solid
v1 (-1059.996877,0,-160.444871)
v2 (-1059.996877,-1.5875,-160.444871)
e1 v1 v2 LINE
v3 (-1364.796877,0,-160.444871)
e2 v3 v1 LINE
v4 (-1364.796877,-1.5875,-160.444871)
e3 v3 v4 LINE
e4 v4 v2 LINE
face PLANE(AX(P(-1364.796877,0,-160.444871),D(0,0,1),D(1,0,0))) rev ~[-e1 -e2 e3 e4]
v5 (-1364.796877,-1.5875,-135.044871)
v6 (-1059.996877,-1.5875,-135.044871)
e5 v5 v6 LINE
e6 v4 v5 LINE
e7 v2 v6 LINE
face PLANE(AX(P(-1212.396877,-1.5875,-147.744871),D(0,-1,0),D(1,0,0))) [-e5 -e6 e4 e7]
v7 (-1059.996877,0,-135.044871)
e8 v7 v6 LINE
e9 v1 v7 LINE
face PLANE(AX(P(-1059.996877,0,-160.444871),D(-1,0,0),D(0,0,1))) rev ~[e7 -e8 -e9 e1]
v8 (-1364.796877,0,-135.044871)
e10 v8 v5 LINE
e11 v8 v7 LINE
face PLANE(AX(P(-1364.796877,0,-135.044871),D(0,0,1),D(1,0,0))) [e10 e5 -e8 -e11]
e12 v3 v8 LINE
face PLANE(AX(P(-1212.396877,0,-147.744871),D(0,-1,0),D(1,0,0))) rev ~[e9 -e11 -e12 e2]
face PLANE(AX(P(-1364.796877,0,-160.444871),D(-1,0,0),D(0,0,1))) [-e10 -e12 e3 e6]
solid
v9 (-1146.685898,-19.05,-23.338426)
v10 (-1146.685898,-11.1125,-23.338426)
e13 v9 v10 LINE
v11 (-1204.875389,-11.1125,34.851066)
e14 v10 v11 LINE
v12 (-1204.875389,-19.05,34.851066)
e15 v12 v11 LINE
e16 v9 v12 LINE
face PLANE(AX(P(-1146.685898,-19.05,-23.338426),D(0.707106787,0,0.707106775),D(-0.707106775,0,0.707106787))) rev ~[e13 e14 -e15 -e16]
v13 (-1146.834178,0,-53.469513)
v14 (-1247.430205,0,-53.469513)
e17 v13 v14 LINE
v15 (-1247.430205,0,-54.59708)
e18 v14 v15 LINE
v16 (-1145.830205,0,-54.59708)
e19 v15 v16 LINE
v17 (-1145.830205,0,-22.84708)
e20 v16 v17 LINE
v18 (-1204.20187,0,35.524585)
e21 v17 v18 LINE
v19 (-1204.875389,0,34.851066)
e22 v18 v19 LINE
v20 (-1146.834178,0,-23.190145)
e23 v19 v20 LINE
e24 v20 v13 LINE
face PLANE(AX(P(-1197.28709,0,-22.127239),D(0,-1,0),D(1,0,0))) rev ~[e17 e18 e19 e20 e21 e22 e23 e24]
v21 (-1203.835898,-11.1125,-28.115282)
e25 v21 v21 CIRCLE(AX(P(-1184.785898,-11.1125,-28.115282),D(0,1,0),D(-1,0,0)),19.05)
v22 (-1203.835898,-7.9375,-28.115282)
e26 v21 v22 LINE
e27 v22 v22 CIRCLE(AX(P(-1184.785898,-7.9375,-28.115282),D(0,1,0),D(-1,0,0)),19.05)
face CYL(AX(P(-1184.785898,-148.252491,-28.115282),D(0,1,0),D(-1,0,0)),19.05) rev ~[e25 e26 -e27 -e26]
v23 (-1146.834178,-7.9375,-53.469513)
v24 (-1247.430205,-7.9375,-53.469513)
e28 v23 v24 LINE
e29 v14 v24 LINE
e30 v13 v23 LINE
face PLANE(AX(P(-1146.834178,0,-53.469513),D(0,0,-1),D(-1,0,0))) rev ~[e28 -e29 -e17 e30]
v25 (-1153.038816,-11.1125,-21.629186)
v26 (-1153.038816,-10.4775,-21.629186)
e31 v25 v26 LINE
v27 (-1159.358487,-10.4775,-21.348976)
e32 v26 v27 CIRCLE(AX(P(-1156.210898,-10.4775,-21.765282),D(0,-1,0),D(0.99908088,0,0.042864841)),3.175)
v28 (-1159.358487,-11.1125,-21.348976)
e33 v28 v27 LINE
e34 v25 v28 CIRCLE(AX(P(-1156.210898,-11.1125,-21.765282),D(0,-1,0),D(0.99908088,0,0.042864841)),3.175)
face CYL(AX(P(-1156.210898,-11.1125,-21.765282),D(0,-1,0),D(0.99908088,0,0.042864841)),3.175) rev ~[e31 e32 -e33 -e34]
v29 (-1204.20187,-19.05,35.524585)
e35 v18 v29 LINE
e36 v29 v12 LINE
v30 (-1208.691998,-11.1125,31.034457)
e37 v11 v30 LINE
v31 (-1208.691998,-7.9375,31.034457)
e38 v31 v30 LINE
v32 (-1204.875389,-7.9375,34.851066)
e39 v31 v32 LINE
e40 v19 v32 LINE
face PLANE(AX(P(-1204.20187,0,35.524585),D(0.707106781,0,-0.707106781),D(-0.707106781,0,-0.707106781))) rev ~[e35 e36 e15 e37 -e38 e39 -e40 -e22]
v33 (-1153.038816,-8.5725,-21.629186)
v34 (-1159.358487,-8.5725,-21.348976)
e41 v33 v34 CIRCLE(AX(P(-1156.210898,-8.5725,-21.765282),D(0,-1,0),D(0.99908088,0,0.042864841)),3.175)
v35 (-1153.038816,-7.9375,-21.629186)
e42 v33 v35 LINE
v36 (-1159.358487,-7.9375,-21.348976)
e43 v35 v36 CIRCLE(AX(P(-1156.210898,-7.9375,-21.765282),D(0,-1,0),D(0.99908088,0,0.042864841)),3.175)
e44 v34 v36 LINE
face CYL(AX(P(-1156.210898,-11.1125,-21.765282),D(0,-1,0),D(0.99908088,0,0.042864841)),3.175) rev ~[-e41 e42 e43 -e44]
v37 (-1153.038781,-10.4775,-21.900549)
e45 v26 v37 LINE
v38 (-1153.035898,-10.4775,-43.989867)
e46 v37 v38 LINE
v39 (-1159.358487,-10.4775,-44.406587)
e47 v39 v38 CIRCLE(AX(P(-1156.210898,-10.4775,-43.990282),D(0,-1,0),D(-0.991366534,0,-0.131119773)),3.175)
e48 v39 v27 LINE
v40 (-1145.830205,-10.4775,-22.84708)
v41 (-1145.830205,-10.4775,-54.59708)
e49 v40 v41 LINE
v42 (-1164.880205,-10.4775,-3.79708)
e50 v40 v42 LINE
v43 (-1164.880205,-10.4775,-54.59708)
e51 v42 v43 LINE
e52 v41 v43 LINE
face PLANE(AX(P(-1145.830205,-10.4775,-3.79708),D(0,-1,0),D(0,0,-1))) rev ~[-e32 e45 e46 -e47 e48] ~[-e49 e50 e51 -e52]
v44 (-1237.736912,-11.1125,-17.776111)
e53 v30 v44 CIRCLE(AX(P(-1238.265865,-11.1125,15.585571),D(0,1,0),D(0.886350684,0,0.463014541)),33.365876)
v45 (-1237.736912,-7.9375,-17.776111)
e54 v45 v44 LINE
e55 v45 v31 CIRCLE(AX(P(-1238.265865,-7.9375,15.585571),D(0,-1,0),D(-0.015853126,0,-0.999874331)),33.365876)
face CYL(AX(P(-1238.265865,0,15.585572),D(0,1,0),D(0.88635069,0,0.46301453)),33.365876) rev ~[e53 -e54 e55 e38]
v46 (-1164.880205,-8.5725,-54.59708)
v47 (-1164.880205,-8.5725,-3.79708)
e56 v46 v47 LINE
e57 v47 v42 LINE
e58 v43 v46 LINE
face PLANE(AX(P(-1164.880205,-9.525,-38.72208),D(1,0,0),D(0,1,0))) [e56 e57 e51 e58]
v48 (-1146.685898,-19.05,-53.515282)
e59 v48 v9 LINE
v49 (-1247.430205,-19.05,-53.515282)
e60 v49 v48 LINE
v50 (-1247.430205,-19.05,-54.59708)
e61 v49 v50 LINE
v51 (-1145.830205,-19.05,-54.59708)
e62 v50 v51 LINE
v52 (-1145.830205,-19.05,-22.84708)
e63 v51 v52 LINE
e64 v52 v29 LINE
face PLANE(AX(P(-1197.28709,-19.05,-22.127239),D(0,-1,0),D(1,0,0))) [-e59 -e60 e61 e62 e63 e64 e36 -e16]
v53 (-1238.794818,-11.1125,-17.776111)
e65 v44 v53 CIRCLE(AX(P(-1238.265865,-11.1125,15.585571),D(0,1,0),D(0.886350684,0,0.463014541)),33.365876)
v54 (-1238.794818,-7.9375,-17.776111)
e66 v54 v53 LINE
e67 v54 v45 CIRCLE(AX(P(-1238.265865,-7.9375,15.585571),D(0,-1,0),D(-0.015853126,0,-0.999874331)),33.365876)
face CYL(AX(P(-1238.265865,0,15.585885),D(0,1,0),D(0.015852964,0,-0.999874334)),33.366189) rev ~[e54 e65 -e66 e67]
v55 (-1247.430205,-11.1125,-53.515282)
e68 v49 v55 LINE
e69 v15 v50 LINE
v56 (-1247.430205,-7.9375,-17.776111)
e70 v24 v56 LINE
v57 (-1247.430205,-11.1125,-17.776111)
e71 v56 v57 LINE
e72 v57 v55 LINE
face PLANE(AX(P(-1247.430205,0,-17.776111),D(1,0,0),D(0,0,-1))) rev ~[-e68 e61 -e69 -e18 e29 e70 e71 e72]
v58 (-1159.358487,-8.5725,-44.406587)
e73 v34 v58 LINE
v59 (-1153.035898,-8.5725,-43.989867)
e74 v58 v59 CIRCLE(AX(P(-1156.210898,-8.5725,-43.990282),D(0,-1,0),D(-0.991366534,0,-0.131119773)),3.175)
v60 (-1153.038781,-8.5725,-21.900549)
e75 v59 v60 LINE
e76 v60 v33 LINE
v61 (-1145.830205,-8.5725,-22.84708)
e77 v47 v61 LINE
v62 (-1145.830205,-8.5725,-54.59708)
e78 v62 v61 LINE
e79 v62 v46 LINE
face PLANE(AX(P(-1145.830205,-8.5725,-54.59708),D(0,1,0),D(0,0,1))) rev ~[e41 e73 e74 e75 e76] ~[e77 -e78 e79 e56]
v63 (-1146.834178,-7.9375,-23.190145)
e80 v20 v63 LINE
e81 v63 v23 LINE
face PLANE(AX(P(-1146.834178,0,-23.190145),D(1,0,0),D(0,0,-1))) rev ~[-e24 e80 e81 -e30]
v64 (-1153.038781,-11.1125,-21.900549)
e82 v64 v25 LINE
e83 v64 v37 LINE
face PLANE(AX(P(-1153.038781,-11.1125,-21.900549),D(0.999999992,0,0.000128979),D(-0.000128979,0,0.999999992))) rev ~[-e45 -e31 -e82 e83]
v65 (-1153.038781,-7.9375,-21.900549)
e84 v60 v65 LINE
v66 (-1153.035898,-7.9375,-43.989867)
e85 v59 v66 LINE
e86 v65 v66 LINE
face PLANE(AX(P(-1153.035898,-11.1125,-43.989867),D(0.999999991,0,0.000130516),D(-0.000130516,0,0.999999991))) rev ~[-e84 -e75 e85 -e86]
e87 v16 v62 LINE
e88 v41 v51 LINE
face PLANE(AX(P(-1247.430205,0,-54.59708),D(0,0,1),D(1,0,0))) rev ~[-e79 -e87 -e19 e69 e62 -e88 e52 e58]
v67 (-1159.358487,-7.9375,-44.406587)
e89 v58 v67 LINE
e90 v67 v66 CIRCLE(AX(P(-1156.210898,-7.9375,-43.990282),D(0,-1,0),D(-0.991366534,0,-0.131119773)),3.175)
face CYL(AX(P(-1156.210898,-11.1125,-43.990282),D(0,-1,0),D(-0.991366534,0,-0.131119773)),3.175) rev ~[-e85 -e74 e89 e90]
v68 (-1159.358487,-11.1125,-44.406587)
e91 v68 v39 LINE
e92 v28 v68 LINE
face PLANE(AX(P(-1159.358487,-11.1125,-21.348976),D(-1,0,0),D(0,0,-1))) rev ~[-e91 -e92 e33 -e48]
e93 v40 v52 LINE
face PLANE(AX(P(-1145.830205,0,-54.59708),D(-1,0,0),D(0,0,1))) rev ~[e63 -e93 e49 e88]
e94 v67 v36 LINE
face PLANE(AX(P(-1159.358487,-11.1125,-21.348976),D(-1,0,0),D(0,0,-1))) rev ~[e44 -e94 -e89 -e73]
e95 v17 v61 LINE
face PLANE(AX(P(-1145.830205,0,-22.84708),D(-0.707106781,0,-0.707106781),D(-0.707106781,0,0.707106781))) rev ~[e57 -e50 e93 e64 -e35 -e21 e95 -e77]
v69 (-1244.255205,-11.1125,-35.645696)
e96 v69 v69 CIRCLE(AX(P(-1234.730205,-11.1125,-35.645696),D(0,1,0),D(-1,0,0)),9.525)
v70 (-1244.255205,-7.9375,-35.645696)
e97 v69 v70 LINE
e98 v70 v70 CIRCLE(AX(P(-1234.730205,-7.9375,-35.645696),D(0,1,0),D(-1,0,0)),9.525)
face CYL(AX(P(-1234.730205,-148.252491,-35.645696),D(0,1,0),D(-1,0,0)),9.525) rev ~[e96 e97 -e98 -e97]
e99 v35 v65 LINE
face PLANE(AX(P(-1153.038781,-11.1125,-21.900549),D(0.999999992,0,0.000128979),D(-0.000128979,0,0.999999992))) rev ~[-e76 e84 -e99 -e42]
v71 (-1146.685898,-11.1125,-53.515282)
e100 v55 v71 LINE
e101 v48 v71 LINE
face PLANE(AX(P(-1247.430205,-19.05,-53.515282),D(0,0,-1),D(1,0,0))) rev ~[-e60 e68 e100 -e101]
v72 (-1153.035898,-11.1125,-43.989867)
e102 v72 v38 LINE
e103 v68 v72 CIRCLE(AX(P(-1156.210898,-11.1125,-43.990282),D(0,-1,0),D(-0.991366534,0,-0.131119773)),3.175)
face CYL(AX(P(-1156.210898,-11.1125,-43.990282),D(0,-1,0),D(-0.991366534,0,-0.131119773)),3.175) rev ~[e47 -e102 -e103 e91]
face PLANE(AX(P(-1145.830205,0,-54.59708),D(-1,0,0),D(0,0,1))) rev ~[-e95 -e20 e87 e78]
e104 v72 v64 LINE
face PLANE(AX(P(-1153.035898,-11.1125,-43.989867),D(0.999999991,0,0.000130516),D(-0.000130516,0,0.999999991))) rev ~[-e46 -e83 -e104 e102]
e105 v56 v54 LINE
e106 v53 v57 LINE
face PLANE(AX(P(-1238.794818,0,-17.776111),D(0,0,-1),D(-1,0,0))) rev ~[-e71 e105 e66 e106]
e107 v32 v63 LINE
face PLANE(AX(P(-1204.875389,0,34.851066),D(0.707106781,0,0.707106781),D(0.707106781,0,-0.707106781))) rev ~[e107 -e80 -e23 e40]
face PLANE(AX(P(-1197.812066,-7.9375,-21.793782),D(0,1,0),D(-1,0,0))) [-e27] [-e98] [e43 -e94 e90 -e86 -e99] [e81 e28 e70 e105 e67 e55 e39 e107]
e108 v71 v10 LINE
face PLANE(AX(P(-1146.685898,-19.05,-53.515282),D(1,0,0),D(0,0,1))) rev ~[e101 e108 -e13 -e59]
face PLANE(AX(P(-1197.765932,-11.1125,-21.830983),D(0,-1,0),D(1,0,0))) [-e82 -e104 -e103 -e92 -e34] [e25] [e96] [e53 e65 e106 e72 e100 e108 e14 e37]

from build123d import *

# Parameters (mm, degrees)
F0_W      = 304.8
F0_H      = 25.4
F1_DEPTH  = 1.5875
F3_DEPTH  = 19.05
F5_DEPTH  = 7.9375
F8_DEPTH  = 7.9375
F9_D      = 38.1
F11_D     = 19.05
F13_DEPTH = 11.1135
F15_DEPTH = 19.05


with BuildPart() as f1:
    # F0 (on Front) → F1 (new body)
    with BuildSketch(Plane.XZ):
        with Locations((-1212.396877, -147.744871)):
            Rectangle(F0_W, F0_H)
    extrude(amount=F1_DEPTH)


with BuildPart() as f3:
    # F2 (on Front) → F3 (new body)
    with BuildSketch(Plane.XZ):
        with BuildLine():
            Line((-1202.980205, -54.59708), (-1145.830205, -54.59708))
            Line((-1145.830205, -54.59708), (-1145.830205, -22.84708))
            Line((-1145.830205, -22.84708), (-1204.20187, 35.524585))
            Line((-1204.20187, 35.524585), (-1208.691998, 31.034457))
            ThreePointArc((-1208.691998, 31.034457), (-1209.592483, -1.476633), (-1237.736912, -17.776111))
            ThreePointArc((-1237.736912, -17.776111), (-1238.265865, -17.780304), (-1238.794818, -17.776111))
            Line((-1238.794818, -17.776111), (-1247.430205, -17.776111))
            Line((-1247.430205, -17.776111), (-1247.430205, -54.59708))
            Line((-1247.430205, -54.59708), (-1202.980205, -54.59708))
        make_face()
    extrude(amount=F3_DEPTH)

    # F4 (on face) → F5 (cut)
    with BuildSketch(Plane.XZ.offset(19.05)):
        with BuildLine():
            Line((-1146.685898, -23.338426), (-1204.875389, 34.851066))
            Line((-1204.875389, 34.851066), (-1208.691998, 31.034457))
            ThreePointArc((-1208.691998, 31.034457), (-1209.866575, -1.929051), (-1238.794818, -17.776111))
            Line((-1238.794818, -17.776111), (-1247.430205, -17.776111))
            Line((-1247.430205, -17.776111), (-1247.430205, -53.515282))
            Line((-1247.430205, -53.515282), (-1245.987415, -53.515282))
            Line((-1245.987415, -53.515282), (-1146.685898, -53.515282))
            Line((-1146.685898, -53.515282), (-1146.685898, -23.338426))
        make_face()
    extrude(amount=-F5_DEPTH, mode=Mode.SUBTRACT)

    # F6 (on face) → F8 (cut)
    with BuildSketch(Plane(origin=(0, 0, 0), x_dir=(-1, 0, 0), z_dir=(0, 1, 0))):
        with BuildLine():
            Line((1208.691998, 31.034457), (1204.875389, 34.851066))
            Line((1204.875389, 34.851066), (1146.834178, -23.190145))
            Line((1146.834178, -23.190145), (1146.834178, -53.469513))
            Line((1146.834178, -53.469513), (1247.430205, -53.469513))
            Line((1247.430205, -53.469513), (1247.430205, -17.776111))
            Line((1247.430205, -17.776111), (1238.794818, -17.776111))
            ThreePointArc((1238.794818, -17.776111), (1209.866575, -1.929051), (1208.691998, 31.034457))
        make_face()
    extrude(amount=-F8_DEPTH, mode=Mode.SUBTRACT)

    # F9 (through all)
    with Locations(Plane.XZ.offset(11.1125)):
        with Locations((-1184.785898, -28.115282)):
            Hole(F9_D / 2)

    # F11 (through all)
    with Locations(Plane.XZ.offset(11.1125)):
        with Locations((-1234.730205, -35.645696)):
            Hole(F11_D / 2)

    # F12 (on face) → F13 (cut, through all)
    with BuildSketch(Plane.XZ.offset(11.1125)):
        with BuildLine():
            Line((-1159.358487, -22.181587), (-1159.358487, -43.573976))
            Line((-1159.358487, -43.573976), (-1159.358487, -44.406587))
            ThreePointArc((-1159.358487, -44.406587), (-1156.002088, -47.158408), (-1153.035898, -43.989867))
            Line((-1153.035898, -43.989867), (-1153.038781, -21.900549))
            Line((-1153.038781, -21.900549), (-1153.038816, -21.629186))
            ThreePointArc((-1153.038816, -21.629186), (-1156.070259, -18.593398), (-1159.358487, -21.348976))
            Line((-1159.358487, -21.348976), (-1159.358487, -22.181587))
        make_face()
    extrude(amount=-F13_DEPTH, mode=Mode.SUBTRACT)

    # F14 (on face) → F15 (cut)
    with BuildSketch(Plane.YZ.offset(-1145.830205)):
        Polygon((-10.4775, -54.59708), (-9.525, -54.59708), (-8.5725, -54.59708), (-8.5725, -22.84708), (-10.4775, -22.84708), align=None)
        Polygon((-10.4775, -3.79708), (-10.4775, -22.84708), (-8.5725, -22.84708), (-8.5725, -3.79708), (-9.525, -3.79708), align=None)
    extrude(amount=-F15_DEPTH, mode=Mode.SUBTRACT)


solid = Compound([f1.part, f3.part])
